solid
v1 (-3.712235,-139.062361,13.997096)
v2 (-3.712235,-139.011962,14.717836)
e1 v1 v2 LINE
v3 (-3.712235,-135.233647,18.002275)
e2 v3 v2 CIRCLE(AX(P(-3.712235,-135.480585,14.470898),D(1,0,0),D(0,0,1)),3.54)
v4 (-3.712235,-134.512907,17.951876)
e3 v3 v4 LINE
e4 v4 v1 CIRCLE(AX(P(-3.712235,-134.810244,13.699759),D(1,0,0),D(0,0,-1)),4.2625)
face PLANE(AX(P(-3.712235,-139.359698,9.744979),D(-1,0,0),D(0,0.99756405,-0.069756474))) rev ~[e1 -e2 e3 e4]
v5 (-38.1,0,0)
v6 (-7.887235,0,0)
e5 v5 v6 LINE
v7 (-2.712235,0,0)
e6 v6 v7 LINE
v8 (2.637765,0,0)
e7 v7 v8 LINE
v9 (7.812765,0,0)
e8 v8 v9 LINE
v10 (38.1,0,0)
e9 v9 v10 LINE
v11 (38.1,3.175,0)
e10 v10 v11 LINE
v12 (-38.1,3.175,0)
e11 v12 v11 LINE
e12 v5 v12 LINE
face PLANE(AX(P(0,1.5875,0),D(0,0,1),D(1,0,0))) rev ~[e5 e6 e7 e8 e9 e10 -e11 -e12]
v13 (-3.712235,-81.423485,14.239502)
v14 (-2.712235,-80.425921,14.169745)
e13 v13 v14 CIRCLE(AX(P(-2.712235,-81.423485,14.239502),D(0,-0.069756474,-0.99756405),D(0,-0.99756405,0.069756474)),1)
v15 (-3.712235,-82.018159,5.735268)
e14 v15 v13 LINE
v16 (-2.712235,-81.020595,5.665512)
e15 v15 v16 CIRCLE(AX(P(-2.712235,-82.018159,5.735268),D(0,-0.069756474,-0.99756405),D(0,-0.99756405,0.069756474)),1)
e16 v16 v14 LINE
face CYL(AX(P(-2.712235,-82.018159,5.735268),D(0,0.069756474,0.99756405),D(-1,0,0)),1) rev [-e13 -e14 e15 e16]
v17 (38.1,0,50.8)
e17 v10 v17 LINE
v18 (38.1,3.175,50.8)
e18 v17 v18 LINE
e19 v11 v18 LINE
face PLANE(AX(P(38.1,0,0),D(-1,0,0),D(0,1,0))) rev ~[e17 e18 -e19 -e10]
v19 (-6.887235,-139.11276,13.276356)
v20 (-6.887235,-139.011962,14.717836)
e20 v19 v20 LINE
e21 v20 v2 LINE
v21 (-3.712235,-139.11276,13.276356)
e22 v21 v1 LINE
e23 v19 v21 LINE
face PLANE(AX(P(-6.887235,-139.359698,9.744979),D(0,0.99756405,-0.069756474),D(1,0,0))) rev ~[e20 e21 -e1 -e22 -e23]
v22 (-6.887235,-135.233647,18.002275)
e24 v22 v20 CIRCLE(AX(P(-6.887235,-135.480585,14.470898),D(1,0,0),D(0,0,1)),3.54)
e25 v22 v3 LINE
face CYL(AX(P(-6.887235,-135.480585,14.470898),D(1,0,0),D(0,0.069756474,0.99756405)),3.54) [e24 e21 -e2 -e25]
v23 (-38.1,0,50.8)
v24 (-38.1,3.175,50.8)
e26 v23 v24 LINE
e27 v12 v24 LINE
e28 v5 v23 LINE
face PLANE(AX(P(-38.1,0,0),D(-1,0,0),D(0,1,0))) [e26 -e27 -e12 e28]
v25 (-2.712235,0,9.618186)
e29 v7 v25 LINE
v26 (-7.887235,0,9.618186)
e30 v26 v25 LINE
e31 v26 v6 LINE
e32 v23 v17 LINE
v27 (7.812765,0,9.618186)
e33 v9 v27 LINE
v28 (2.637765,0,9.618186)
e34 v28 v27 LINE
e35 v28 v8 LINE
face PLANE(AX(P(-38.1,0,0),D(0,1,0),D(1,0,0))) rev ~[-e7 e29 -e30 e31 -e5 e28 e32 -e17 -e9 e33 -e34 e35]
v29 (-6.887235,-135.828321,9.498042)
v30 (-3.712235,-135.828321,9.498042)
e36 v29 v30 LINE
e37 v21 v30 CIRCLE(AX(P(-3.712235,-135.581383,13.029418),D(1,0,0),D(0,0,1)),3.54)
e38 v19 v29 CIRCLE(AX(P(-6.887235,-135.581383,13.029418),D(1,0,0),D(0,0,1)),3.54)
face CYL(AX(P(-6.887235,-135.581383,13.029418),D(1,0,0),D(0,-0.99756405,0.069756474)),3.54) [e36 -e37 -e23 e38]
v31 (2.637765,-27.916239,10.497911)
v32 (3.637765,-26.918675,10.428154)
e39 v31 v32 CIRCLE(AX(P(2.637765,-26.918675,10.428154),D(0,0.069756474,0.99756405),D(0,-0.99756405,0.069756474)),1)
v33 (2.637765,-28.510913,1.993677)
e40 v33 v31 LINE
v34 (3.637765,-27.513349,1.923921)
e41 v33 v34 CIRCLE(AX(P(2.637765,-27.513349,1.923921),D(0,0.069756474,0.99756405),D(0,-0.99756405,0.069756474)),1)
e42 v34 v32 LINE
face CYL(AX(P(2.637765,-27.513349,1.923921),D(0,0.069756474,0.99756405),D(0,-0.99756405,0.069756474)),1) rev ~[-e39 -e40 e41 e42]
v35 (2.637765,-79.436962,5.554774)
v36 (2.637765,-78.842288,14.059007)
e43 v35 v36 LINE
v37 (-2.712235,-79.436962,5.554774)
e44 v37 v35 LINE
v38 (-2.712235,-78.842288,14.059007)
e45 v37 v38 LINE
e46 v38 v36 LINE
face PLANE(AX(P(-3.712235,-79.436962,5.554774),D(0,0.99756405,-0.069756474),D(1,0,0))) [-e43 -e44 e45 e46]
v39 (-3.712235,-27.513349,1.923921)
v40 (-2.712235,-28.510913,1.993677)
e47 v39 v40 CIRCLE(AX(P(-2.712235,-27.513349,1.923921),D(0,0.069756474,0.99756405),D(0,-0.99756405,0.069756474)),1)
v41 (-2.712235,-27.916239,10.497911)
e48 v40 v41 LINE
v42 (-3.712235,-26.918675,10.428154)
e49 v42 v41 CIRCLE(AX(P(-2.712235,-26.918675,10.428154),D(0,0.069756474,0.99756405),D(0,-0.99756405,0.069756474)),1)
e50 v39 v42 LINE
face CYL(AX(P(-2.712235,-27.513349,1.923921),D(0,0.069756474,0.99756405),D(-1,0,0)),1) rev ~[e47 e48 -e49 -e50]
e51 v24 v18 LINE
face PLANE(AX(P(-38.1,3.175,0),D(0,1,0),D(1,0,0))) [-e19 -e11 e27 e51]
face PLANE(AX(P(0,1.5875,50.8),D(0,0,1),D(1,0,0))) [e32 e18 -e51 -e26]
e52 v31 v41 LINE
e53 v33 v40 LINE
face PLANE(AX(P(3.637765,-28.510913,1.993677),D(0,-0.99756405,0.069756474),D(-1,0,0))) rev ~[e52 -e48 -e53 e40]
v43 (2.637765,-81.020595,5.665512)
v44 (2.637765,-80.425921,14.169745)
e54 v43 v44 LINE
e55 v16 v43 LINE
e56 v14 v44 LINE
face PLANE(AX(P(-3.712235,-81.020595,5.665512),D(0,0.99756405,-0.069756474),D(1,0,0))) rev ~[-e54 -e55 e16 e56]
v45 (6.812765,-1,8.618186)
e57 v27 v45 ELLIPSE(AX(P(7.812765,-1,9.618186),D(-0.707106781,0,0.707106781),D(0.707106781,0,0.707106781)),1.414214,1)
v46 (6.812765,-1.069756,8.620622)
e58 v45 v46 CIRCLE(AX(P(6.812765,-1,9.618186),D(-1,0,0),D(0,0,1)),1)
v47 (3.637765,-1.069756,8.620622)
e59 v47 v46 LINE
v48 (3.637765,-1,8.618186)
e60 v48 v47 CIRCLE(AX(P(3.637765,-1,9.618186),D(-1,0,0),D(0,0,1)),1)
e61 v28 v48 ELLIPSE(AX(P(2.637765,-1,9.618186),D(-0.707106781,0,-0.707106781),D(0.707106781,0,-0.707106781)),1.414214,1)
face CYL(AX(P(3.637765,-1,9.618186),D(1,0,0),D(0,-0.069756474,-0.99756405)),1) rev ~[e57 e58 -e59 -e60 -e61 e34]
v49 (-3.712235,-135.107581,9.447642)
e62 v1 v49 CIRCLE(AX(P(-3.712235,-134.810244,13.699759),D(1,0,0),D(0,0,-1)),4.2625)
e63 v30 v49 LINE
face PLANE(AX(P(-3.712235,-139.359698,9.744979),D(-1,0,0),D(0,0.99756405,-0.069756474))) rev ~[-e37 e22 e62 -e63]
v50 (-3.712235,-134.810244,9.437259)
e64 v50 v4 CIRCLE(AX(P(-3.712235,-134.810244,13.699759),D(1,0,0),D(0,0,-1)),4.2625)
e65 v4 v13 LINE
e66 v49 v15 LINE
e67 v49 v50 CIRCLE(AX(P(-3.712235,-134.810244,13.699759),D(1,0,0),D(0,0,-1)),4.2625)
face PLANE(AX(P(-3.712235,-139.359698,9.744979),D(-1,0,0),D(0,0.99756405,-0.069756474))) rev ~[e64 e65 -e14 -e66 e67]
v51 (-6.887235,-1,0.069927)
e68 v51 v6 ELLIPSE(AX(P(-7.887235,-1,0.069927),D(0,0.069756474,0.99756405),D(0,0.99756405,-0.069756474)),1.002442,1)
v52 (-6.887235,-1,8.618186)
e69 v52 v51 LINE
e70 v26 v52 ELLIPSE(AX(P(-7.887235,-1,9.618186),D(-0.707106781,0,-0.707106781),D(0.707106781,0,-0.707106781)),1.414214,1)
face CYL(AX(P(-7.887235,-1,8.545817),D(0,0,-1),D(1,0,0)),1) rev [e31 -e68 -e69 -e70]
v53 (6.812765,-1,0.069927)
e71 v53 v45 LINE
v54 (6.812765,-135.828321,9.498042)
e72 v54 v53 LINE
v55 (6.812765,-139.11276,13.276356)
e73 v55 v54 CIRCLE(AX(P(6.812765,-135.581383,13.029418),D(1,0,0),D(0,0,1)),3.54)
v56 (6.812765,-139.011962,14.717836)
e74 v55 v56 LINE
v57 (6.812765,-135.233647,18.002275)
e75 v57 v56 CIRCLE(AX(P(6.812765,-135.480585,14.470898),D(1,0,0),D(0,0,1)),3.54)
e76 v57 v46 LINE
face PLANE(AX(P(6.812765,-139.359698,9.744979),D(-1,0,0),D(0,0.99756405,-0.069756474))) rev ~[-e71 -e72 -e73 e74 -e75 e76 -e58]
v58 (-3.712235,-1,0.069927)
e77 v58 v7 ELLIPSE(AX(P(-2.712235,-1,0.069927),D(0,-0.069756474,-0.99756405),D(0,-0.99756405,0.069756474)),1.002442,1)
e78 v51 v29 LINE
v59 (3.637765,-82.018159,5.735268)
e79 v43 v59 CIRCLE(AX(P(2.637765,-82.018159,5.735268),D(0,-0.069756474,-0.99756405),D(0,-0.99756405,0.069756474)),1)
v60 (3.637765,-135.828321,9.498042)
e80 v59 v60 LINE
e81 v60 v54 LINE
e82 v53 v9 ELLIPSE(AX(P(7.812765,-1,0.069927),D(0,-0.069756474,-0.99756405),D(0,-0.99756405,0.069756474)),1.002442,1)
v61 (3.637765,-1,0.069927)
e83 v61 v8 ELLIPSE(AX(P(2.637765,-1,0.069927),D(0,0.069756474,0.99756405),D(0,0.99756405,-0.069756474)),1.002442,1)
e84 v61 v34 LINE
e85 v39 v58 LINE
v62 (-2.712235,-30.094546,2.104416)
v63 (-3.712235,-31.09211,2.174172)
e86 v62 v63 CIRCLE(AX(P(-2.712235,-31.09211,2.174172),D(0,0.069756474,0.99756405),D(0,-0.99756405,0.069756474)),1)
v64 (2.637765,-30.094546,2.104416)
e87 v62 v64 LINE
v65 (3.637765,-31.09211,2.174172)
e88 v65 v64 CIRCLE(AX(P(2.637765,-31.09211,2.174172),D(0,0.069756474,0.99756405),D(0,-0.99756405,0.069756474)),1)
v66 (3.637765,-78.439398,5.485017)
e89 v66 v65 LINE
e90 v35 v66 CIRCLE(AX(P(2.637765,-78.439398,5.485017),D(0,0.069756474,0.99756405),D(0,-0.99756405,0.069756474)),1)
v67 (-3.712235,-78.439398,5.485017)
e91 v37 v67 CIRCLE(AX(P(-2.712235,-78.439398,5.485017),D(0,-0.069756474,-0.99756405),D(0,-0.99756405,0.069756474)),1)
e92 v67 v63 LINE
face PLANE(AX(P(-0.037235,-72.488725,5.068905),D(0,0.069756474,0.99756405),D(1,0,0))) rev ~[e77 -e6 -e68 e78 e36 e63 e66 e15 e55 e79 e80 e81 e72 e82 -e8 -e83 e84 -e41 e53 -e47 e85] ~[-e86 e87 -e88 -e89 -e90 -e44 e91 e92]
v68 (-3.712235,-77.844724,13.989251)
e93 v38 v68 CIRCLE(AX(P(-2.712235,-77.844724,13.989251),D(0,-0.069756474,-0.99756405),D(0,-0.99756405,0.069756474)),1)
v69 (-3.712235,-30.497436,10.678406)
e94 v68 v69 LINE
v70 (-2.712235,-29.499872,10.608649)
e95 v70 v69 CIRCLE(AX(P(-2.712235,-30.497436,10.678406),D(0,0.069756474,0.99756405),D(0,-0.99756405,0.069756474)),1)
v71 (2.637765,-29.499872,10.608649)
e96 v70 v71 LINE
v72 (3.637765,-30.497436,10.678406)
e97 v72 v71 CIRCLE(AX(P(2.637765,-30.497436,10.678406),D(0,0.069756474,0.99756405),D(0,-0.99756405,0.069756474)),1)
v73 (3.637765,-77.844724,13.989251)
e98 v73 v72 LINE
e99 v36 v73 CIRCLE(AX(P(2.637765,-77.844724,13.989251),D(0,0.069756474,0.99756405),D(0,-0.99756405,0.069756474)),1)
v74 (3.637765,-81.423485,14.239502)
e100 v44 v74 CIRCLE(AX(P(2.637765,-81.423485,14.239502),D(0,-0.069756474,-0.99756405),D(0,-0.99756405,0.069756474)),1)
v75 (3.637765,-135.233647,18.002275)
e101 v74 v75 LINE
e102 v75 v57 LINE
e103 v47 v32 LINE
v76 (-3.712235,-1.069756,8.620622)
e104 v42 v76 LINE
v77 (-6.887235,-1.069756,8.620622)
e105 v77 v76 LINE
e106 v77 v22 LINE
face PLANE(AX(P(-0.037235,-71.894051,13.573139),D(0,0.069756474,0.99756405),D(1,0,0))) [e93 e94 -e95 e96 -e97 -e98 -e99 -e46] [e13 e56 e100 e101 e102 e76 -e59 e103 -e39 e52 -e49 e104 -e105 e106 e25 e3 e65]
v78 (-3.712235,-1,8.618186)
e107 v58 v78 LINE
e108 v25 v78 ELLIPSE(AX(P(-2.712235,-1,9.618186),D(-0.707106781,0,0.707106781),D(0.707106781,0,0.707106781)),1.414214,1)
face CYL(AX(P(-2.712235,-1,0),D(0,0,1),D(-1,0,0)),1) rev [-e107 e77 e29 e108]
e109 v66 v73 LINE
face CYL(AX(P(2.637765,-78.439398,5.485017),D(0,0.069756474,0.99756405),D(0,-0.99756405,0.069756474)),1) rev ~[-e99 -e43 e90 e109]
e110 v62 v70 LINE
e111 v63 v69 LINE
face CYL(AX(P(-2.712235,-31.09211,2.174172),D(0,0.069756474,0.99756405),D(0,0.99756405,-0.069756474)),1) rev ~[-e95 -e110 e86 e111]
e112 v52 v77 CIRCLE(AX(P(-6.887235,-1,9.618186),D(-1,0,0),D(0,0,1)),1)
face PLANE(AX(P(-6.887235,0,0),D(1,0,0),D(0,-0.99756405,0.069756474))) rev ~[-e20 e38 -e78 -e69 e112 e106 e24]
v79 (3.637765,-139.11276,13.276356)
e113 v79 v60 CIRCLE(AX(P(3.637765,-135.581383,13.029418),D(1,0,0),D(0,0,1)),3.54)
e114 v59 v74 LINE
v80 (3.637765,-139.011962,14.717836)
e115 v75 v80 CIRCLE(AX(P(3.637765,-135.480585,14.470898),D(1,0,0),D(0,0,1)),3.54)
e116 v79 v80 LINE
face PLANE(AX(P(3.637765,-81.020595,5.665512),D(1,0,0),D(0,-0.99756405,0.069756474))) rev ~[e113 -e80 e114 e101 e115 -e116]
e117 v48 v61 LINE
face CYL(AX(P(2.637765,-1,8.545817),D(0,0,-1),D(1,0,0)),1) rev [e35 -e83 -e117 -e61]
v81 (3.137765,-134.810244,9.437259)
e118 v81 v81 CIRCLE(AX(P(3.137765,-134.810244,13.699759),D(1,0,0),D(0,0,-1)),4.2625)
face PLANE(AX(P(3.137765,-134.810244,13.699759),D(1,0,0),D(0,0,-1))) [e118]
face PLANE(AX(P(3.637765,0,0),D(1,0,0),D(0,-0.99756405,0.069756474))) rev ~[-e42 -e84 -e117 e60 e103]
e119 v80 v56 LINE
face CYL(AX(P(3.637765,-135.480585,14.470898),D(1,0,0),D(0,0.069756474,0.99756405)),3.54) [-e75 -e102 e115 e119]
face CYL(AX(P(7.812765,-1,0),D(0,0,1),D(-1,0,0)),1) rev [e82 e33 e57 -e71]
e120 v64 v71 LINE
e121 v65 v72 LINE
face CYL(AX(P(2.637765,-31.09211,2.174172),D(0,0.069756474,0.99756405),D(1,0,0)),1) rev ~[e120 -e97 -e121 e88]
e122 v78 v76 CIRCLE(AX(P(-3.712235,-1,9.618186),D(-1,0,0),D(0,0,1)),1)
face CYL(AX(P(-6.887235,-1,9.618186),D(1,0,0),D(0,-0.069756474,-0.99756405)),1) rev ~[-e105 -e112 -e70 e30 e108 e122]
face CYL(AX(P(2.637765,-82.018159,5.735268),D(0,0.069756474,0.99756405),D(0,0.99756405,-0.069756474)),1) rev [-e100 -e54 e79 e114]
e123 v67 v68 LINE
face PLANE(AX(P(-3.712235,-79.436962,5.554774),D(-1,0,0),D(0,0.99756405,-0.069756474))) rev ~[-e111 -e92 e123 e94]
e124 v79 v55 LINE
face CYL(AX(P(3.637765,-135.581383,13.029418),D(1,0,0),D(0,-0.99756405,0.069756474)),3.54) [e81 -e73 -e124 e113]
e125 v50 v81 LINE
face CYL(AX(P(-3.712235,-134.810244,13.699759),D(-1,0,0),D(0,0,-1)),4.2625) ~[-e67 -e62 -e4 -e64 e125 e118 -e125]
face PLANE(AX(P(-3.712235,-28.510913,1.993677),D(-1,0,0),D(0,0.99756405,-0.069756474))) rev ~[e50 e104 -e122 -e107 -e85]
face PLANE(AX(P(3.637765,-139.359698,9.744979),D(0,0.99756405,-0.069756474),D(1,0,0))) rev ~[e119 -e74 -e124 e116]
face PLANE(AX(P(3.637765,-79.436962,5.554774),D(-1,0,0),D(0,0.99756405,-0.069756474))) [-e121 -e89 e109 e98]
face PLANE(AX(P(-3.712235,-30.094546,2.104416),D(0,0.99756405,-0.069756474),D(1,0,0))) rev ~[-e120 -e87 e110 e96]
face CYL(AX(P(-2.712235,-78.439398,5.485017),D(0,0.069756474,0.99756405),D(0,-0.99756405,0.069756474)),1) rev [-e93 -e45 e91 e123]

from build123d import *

# Parameters (mm, degrees)
SKETCH4_W           = 76.2
SKETCH4_H           = 3.175
BOSS_EXTRUDE4_DEPTH = 50.8
SKETCH5_W           = 7.35
SKETCH5_H           = 49.462905427
BOSS_EXTRUDE5_DEPTH = 8.525
SKETCH6_R           = 4.2625
BOSS_EXTRUDE6_DEPTH = 6.85
FILLET1_R           = 1
FILLET2_R           = 3.54


with BuildPart() as part:
    # Sketch4 → Boss-Extrude4 (new body)
    with BuildSketch(Plane.XY):
        with Locations((0, 1.5875)):
            Rectangle(SKETCH4_W, SKETCH4_H)
    extrude(amount=BOSS_EXTRUDE4_DEPTH)

    # Sketch5 → Boss-Extrude5 (add)
    with BuildSketch(Plane(origin=(0, 0, 0), x_dir=(1, 0, 0), z_dir=(0, 0.06975647374412547, 0.9975640502598243))):
        Polygon((-3.712235216, 0), (-6.887235216, 0), (-6.887235216, -139.7), (-3.712235216, -139.7), (-3.712235216, -81.218439027), (3.637764784, -81.218439027), (3.637764784, -139.7), (6.812764784, -139.7), (6.812764784, 0), (3.637764784, 0), (3.637764784, -28.5805336), (-3.712235216, -28.5805336), align=None)
        with Locations((-0.037235216, -54.899486314)):
            Rectangle(SKETCH5_W, SKETCH5_H, mode=Mode.SUBTRACT)
    extrude(amount=BOSS_EXTRUDE5_DEPTH)

    # Sketch6 → Boss-Extrude6 (add)
    with BuildSketch(Plane(origin=(-3.712235216, 0, 0), x_dir=(0, 0, -1), z_dir=(1, 0, 0))):
        with Locations((-13.699759177, -134.810244088)):
            Circle(SKETCH6_R)
    extrude(amount=BOSS_EXTRUDE6_DEPTH)

    # Fillet1
    fillet1_edges = [part.edges().sort_by_distance(p)[0] for p in [
        (6.812764784, 0, 4.272908591),
        (-6.887235216, 0, 4.272908591),
        (3.637764784, 0, 4.272908591),
        (-3.712235216, 0, 4.272908591),
        (5.225264784, 0, 8.545817181),
        (-5.299735216, 0, 8.545817181),
        (3.637764784, -79.139625092, 9.806890272),
        (3.637764784, -80.723258022, 9.917628674),
        (-3.712235216, -80.723258022, 9.917628674),
        (-3.712235216, -79.139625092, 9.806890272),
        (3.637764784, -29.797208817, 6.356532408),
        (3.637764784, -28.213575887, 6.245794006),
        (-3.712235216, -28.213575887, 6.245794006),
        (-3.712235216, -29.797208817, 6.356532408),
    ]]
    fillet(fillet1_edges, radius=FILLET1_R)

    # Fillet2
    fillet2_edges = [part.edges().sort_by_distance(p)[0] for p in [
        (5.225264784, -138.765023883, 18.249212911),
        (5.225264784, -139.359697821, 9.744979382),
        (-5.299735216, -139.359697821, 9.744979382),
        (-5.299735216, -138.765023883, 18.249212911),
    ]]
    fillet(fillet2_edges, radius=FILLET2_R)


solid = part.part
